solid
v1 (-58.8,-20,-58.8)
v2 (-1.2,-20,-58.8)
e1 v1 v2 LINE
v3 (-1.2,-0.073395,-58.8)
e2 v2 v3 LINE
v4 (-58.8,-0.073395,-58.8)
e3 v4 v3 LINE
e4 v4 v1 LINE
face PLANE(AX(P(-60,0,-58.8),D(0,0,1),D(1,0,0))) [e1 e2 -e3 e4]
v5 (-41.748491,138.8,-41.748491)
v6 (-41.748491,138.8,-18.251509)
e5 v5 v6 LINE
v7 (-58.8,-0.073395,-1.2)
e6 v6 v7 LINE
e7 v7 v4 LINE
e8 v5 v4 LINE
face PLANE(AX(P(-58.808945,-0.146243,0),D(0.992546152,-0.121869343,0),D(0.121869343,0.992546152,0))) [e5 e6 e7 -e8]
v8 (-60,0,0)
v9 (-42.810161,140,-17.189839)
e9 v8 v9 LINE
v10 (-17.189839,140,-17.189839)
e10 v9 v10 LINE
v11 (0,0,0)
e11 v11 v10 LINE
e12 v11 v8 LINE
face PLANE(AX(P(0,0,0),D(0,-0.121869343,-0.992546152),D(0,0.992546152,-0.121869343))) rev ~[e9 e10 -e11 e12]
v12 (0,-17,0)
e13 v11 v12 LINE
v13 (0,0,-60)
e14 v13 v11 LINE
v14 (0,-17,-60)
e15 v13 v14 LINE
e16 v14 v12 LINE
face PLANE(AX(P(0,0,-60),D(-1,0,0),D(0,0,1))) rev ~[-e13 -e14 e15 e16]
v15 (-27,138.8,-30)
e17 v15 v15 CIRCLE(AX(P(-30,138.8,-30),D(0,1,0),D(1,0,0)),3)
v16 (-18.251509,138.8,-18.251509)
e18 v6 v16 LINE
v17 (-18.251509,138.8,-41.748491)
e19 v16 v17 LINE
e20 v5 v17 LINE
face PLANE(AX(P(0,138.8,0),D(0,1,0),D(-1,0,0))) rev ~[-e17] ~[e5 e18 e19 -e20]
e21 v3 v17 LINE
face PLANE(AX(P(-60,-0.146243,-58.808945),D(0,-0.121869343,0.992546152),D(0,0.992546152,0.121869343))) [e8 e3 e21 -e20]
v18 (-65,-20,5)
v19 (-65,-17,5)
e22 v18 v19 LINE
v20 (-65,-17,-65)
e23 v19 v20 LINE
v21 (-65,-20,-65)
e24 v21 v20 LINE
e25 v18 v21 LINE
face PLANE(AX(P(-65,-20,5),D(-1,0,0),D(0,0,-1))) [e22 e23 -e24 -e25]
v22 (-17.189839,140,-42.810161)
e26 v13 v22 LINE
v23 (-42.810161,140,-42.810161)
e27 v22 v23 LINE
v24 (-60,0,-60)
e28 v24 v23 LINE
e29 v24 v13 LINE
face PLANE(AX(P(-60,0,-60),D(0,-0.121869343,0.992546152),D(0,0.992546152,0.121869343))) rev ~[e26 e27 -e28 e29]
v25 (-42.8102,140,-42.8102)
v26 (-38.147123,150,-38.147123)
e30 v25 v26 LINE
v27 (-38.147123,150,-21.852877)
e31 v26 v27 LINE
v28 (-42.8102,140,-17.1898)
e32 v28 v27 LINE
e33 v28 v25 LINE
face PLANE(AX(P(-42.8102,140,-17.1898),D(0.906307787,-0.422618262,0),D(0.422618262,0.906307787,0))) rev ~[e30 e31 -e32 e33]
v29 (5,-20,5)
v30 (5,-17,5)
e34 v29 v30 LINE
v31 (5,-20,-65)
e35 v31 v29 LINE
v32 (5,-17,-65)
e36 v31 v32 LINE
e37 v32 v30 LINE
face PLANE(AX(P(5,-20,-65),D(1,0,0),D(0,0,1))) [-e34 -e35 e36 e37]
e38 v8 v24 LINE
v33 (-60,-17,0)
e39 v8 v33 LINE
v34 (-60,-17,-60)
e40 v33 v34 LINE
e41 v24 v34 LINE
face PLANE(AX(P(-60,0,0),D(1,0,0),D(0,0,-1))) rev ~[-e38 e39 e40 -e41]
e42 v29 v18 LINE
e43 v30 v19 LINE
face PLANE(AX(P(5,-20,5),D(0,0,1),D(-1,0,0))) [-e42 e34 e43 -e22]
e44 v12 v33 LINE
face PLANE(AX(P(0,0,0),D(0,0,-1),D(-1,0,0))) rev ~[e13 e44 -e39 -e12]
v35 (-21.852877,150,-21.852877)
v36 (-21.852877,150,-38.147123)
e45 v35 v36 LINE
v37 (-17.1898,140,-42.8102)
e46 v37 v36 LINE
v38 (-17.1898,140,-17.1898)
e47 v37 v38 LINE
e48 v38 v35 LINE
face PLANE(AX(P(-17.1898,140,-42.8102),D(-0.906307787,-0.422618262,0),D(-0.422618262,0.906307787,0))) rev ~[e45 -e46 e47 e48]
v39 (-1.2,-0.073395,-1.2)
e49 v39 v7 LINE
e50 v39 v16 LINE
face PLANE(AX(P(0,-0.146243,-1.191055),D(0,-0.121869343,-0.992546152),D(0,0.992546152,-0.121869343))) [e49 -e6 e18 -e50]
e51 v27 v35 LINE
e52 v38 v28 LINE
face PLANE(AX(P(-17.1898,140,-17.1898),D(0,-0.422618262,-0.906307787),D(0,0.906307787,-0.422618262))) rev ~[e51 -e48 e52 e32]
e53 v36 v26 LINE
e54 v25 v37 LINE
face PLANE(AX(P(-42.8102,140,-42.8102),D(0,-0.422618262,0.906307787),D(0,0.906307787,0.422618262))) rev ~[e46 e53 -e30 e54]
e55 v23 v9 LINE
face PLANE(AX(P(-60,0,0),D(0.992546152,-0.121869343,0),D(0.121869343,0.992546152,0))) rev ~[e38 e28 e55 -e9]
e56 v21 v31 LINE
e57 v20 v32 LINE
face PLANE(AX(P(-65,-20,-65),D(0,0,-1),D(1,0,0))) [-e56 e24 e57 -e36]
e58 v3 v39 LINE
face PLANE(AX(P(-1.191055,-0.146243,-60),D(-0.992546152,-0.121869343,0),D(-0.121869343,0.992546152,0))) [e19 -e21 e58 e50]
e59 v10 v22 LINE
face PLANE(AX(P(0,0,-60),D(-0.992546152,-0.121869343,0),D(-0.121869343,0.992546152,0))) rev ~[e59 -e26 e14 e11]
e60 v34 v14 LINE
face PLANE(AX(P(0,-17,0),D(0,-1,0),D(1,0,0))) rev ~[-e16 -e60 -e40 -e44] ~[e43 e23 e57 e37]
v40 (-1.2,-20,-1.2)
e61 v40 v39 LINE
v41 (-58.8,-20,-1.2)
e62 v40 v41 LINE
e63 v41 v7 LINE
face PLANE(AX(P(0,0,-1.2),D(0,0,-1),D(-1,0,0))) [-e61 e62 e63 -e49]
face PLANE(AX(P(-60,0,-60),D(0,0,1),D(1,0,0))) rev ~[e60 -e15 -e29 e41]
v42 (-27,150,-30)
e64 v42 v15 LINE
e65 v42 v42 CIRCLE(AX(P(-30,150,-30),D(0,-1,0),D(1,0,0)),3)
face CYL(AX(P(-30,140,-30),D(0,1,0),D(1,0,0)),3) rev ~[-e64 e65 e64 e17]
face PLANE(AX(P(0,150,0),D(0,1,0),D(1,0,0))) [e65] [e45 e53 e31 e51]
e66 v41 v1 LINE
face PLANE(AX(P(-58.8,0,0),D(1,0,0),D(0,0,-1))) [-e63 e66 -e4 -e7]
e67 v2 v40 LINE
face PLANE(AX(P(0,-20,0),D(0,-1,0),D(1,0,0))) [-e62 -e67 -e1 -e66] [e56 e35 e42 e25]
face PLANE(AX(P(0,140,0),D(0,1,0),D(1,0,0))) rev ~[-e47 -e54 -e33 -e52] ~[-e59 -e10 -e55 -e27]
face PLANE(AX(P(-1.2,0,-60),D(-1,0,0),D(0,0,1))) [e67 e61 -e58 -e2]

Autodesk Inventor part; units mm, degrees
ref_plane "YZ Plane" through (0, 0, 0) normal (1, 0, 0) x (0, 1, 0)
ref_plane "XZ Plane" through (0, 0, 0) normal (0, 1, 0) x (-1, 0, 0)
ref_plane "XY Plane" through (0, 0, 0) normal (0, 0, 1) x (1, 0, 0)
sketch "Sketch1" plane through (0, 0, 0) normal (0, 1, 0) x (-1, 0, 0)
  line L0 (0, 0) -> (60, 0)
  line L1 (60, 0) -> (60, -60)
  line L2 (60, -60) -> (0, -60)
  line L3 (0, -60) -> (0, 0)
  point P0 (30, -60)
  point P1 (0, -30)
  dimension "d1" = 60
extrude "Extrusion1" add sketch "Sketch1" against normal blind 20
extrude "Extrusion2" add sketch "Sketch1" along normal blind 140 draft -7
shell "Shell1" thickness 1.2 removed faces 1 at (-20, -20, -20)
sketch "Sketch2" plane through (0, 140, 0) normal (0, 1, 0) x (1, 0, 0)
  line L0 (-17.1898, 42.8102) -> (-17.1898, 17.1898) projected
  line L1 (-42.8102, 42.8102) -> (-17.1898, 42.8102) projected
  line L2 (-42.8102, 17.1898) -> (-42.8102, 42.8102) projected
  line L3 (-17.1898, 17.1898) -> (-42.8102, 17.1898) projected
  circle A0 centre (-30, 30) radius 3
  point P0 (0, 0)
  point P1 (-30, 42.8102)
  point P2 (-42.8102, 30)
  dimension "d7" = 6
extrude "Extrusion4" add sketch "Sketch2" along normal blind 10 draft -25 contours L0 L3 L2 L1 | A0
extrude "Extrusion3" cut sketch "Sketch2" along normal mid plane 25.4 contours A0
sketch "Sketch4" plane through (0, -20, 0) normal (0, -1, 0) x (1, 0, 0)
  line L0 (-65, -65) -> (5, -65)
  line L1 (5, -65) -> (5, 5)
  line L2 (5, 5) -> (-65, 5)
  line L3 (-65, 5) -> (-65, -65)
  line L4 (-58.8, -1.2) -> (-1.2, -1.2) projected
  line L5 (-1.2, -1.2) -> (-1.2, -58.8) projected
  line L6 (-58.8, -58.8) -> (-58.8, -1.2) projected
  line L7 (-1.2, -58.8) -> (-58.8, -58.8) projected
  point P0 (0, 0)
  point P1 (-30, 5)
  point P2 (-30, -1.2)
  point P3 (5, -30)
  point P4 (-1.2, -30)
  dimension "d16" = 70
extrude "Extrusion6" add sketch "Sketch4" against normal blind 3
properties part number "VRSPAD-144 illumination box"
